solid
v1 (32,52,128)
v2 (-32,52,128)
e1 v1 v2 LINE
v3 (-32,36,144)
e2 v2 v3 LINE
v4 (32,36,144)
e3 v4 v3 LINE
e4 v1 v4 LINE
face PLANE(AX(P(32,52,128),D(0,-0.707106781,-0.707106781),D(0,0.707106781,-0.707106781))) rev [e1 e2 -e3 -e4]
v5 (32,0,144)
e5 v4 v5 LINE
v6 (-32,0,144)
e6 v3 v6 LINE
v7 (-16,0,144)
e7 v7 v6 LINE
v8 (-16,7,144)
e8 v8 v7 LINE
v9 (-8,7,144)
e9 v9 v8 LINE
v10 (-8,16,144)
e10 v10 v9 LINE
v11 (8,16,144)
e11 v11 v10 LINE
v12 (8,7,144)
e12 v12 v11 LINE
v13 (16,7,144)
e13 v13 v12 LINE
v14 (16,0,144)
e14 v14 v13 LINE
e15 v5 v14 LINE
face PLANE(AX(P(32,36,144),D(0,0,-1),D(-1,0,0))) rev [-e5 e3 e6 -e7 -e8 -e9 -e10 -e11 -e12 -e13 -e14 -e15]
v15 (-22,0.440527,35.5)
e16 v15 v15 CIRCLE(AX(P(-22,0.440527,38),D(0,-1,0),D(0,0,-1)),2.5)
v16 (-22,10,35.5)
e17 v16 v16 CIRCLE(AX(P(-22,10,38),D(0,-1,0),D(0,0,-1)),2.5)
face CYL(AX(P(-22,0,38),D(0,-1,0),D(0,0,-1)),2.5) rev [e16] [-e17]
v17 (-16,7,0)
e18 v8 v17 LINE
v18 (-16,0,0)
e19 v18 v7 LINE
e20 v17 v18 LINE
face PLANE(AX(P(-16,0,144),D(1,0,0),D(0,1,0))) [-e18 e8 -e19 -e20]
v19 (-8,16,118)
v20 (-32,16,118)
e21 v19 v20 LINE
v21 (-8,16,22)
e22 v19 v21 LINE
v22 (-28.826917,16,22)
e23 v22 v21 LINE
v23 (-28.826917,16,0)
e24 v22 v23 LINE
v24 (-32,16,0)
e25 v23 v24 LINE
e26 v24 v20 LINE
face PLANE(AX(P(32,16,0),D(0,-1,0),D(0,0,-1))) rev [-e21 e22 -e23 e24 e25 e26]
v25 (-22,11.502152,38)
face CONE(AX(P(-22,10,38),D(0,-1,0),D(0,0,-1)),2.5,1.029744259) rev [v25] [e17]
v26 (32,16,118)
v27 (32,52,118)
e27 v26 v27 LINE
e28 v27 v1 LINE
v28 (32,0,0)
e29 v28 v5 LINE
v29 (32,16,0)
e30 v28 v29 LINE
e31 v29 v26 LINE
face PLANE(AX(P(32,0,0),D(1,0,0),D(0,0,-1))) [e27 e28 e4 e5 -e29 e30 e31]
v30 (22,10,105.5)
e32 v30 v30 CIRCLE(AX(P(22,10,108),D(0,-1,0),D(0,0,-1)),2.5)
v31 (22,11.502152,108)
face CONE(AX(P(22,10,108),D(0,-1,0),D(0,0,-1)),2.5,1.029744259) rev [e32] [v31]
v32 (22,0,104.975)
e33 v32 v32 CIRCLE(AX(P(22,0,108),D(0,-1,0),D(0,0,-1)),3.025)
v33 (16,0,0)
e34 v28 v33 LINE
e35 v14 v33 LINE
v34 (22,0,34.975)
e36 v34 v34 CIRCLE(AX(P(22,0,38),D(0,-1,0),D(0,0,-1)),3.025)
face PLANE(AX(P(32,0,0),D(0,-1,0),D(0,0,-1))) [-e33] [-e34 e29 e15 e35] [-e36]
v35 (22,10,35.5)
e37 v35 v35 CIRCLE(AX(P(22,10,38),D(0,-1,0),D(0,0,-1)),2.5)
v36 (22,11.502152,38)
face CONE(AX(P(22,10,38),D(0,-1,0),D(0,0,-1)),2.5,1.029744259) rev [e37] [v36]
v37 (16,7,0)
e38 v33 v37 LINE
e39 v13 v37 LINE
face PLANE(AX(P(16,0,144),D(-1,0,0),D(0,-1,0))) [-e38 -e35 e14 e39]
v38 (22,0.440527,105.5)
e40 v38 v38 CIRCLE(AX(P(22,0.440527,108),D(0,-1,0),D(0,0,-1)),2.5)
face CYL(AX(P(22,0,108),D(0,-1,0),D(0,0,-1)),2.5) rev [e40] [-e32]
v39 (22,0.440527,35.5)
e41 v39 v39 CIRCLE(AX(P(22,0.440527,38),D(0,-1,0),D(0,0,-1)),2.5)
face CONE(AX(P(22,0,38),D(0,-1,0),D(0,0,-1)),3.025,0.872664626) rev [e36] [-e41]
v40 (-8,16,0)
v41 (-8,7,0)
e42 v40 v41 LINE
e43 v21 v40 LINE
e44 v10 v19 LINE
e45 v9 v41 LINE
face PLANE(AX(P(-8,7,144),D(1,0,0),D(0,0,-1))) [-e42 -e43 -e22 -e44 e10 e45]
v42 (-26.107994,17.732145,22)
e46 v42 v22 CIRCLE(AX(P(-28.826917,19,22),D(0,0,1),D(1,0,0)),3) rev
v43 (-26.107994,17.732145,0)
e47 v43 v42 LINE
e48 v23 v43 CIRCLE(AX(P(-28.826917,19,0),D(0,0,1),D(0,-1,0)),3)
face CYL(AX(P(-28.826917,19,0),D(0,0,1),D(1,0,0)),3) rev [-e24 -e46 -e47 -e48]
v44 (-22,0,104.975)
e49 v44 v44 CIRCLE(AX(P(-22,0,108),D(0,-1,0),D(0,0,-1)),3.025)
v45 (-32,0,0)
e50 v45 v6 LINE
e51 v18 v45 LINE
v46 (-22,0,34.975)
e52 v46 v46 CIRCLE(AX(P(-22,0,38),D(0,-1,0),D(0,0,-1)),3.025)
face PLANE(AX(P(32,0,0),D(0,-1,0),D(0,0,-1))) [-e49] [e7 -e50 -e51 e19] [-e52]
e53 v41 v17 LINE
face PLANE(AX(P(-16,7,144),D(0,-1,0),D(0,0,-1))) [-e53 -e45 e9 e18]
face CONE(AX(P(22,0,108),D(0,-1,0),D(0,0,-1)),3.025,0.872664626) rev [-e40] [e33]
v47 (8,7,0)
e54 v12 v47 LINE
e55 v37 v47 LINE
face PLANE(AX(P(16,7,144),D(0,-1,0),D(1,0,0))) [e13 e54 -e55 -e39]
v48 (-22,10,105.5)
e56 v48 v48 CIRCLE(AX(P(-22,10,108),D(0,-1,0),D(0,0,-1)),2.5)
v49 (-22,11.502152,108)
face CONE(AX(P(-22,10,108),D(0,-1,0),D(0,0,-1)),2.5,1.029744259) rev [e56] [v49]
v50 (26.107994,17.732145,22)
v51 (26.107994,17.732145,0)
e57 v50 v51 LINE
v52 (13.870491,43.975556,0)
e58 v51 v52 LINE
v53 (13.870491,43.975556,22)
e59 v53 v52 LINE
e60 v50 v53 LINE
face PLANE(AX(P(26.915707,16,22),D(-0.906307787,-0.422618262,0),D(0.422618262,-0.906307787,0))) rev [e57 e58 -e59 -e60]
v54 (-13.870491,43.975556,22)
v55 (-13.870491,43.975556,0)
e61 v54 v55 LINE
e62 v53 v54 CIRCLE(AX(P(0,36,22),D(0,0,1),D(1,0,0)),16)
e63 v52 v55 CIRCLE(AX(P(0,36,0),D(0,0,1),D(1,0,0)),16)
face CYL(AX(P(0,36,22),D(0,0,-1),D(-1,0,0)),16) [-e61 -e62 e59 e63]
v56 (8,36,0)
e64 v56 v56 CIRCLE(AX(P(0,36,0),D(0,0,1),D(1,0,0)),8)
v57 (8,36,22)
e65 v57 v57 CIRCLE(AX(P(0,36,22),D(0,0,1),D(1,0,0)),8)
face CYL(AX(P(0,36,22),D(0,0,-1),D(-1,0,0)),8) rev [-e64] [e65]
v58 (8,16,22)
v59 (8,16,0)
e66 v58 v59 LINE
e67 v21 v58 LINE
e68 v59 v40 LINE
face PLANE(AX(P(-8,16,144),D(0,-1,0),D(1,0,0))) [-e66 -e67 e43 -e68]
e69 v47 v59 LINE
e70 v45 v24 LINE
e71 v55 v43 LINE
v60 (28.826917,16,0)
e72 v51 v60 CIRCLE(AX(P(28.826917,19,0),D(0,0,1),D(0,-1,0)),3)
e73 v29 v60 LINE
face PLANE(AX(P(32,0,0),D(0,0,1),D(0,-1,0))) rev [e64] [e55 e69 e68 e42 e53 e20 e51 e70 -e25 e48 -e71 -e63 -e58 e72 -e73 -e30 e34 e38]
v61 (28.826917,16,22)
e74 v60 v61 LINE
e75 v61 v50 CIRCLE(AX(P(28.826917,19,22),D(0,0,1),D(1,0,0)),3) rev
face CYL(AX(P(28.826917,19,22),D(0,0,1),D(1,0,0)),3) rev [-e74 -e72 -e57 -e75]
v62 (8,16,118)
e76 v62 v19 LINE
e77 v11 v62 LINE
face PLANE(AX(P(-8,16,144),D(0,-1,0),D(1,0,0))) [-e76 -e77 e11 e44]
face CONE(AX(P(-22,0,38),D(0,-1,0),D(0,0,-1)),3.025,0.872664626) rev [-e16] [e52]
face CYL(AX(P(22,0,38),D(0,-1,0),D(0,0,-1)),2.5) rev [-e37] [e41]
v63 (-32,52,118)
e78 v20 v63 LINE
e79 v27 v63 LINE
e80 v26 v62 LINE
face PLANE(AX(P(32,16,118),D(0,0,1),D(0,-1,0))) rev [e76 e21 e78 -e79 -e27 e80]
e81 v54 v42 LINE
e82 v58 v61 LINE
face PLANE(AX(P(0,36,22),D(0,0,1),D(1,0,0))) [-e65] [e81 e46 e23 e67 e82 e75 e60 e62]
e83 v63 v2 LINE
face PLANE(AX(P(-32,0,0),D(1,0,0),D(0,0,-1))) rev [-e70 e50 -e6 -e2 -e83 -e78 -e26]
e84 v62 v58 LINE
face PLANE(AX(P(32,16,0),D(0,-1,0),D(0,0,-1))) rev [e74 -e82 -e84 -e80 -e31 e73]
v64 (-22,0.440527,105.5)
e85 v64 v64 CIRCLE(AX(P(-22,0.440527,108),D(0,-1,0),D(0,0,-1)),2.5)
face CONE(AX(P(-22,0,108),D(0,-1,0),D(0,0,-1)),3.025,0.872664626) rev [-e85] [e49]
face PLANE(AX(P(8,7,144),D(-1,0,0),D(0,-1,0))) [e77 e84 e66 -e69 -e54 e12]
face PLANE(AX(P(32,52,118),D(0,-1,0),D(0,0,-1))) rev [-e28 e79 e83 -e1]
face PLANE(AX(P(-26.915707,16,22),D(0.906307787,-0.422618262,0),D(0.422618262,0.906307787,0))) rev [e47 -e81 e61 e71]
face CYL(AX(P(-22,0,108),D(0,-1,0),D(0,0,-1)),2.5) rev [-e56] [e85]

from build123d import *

# Parameters (mm, degrees)
BOSS_EXTRUDE1_DEPTH             = 32
SKETCH3_R                       = 8
BOSS_EXTRUDE2_DEPTH             = 22
M6X1_0_TAPPED_HOLE2_D           = 5
M6X1_0_TAPPED_HOLE2_DEPTH       = 10
M6X1_0_TAPPED_HOLE2_CSINK_D     = 6.05
M6X1_0_TAPPED_HOLE2_CSINK_ANGLE = 100
M6X1_0_TAPPED_HOLE2_TIP         = 1.502151548
CUT_EXTRUDE3_DEPTH              = 157.409718368
FILLET1_R                       = 3


with BuildPart() as part:
    # Sketch1 → Boss-Extrude1 (new, symmetric)
    with BuildSketch(Plane(origin=(0, 0, 0), x_dir=(0, 0, -1), z_dir=(1, 0, 0))):
        Polygon((0, 0), (0, 16), (-118, 16), (-118, 52), (-128, 52), (-144, 36), (-144, 0), align=None)
    extrude(amount=BOSS_EXTRUDE1_DEPTH, both=True)

    # Sketch3 → Boss-Extrude2 (add)
    with BuildSketch(Plane.XY):
        with BuildLine():
            Line((26.915706543, 16), (13.870490741, 43.975555567))
            ThreePointArc((13.870490741, 43.975555567), (0, 52), (-13.870490741, 43.975555567))
            Line((-13.870490741, 43.975555567), (-26.915706543, 16))
            Line((-26.915706543, 16), (26.915706543, 16))
        make_face()
        with Locations((0, 36)):
            Circle(SKETCH3_R, mode=Mode.SUBTRACT)
    extrude(amount=BOSS_EXTRUDE2_DEPTH)

    # M6x1.0 Tapped Hole2
    with Locations(Plane(origin=(0, 0, 0), x_dir=(-1, 0, 0), z_dir=(0, -1, 0))):
        with Locations((22, -38), (22, -108), (-22, -108), (-22, -38)):
            CounterSinkHole(M6X1_0_TAPPED_HOLE2_D / 2, M6X1_0_TAPPED_HOLE2_CSINK_D / 2, depth=M6X1_0_TAPPED_HOLE2_DEPTH, counter_sink_angle=M6X1_0_TAPPED_HOLE2_CSINK_ANGLE)
            with Locations((0, 0, -(M6X1_0_TAPPED_HOLE2_DEPTH + M6X1_0_TAPPED_HOLE2_TIP / 2))):  # 118° drill point
                Cone(0, M6X1_0_TAPPED_HOLE2_D / 2, M6X1_0_TAPPED_HOLE2_TIP, mode=Mode.SUBTRACT)

    # Sketch11 → Cut-Extrude3 (cut, through all)
    with BuildSketch(Plane.XY):
        Polygon((-16, 0), (-16, 7), (-8, 7), (-8, 16), (8, 16), (8, 7), (16, 7), (16, 0), (16, -2.333902057), (-16, -2.333902057), align=None)
    extrude(amount=CUT_EXTRUDE3_DEPTH, mode=Mode.SUBTRACT)

    # Fillet1
    fillet1_edges = [part.edges().sort_by_distance(p)[0] for p in [
        (-26.915706543, 16, 11),
        (26.915706543, 16, 11),
    ]]
    fillet(fillet1_edges, radius=FILLET1_R)


solid = part.part
